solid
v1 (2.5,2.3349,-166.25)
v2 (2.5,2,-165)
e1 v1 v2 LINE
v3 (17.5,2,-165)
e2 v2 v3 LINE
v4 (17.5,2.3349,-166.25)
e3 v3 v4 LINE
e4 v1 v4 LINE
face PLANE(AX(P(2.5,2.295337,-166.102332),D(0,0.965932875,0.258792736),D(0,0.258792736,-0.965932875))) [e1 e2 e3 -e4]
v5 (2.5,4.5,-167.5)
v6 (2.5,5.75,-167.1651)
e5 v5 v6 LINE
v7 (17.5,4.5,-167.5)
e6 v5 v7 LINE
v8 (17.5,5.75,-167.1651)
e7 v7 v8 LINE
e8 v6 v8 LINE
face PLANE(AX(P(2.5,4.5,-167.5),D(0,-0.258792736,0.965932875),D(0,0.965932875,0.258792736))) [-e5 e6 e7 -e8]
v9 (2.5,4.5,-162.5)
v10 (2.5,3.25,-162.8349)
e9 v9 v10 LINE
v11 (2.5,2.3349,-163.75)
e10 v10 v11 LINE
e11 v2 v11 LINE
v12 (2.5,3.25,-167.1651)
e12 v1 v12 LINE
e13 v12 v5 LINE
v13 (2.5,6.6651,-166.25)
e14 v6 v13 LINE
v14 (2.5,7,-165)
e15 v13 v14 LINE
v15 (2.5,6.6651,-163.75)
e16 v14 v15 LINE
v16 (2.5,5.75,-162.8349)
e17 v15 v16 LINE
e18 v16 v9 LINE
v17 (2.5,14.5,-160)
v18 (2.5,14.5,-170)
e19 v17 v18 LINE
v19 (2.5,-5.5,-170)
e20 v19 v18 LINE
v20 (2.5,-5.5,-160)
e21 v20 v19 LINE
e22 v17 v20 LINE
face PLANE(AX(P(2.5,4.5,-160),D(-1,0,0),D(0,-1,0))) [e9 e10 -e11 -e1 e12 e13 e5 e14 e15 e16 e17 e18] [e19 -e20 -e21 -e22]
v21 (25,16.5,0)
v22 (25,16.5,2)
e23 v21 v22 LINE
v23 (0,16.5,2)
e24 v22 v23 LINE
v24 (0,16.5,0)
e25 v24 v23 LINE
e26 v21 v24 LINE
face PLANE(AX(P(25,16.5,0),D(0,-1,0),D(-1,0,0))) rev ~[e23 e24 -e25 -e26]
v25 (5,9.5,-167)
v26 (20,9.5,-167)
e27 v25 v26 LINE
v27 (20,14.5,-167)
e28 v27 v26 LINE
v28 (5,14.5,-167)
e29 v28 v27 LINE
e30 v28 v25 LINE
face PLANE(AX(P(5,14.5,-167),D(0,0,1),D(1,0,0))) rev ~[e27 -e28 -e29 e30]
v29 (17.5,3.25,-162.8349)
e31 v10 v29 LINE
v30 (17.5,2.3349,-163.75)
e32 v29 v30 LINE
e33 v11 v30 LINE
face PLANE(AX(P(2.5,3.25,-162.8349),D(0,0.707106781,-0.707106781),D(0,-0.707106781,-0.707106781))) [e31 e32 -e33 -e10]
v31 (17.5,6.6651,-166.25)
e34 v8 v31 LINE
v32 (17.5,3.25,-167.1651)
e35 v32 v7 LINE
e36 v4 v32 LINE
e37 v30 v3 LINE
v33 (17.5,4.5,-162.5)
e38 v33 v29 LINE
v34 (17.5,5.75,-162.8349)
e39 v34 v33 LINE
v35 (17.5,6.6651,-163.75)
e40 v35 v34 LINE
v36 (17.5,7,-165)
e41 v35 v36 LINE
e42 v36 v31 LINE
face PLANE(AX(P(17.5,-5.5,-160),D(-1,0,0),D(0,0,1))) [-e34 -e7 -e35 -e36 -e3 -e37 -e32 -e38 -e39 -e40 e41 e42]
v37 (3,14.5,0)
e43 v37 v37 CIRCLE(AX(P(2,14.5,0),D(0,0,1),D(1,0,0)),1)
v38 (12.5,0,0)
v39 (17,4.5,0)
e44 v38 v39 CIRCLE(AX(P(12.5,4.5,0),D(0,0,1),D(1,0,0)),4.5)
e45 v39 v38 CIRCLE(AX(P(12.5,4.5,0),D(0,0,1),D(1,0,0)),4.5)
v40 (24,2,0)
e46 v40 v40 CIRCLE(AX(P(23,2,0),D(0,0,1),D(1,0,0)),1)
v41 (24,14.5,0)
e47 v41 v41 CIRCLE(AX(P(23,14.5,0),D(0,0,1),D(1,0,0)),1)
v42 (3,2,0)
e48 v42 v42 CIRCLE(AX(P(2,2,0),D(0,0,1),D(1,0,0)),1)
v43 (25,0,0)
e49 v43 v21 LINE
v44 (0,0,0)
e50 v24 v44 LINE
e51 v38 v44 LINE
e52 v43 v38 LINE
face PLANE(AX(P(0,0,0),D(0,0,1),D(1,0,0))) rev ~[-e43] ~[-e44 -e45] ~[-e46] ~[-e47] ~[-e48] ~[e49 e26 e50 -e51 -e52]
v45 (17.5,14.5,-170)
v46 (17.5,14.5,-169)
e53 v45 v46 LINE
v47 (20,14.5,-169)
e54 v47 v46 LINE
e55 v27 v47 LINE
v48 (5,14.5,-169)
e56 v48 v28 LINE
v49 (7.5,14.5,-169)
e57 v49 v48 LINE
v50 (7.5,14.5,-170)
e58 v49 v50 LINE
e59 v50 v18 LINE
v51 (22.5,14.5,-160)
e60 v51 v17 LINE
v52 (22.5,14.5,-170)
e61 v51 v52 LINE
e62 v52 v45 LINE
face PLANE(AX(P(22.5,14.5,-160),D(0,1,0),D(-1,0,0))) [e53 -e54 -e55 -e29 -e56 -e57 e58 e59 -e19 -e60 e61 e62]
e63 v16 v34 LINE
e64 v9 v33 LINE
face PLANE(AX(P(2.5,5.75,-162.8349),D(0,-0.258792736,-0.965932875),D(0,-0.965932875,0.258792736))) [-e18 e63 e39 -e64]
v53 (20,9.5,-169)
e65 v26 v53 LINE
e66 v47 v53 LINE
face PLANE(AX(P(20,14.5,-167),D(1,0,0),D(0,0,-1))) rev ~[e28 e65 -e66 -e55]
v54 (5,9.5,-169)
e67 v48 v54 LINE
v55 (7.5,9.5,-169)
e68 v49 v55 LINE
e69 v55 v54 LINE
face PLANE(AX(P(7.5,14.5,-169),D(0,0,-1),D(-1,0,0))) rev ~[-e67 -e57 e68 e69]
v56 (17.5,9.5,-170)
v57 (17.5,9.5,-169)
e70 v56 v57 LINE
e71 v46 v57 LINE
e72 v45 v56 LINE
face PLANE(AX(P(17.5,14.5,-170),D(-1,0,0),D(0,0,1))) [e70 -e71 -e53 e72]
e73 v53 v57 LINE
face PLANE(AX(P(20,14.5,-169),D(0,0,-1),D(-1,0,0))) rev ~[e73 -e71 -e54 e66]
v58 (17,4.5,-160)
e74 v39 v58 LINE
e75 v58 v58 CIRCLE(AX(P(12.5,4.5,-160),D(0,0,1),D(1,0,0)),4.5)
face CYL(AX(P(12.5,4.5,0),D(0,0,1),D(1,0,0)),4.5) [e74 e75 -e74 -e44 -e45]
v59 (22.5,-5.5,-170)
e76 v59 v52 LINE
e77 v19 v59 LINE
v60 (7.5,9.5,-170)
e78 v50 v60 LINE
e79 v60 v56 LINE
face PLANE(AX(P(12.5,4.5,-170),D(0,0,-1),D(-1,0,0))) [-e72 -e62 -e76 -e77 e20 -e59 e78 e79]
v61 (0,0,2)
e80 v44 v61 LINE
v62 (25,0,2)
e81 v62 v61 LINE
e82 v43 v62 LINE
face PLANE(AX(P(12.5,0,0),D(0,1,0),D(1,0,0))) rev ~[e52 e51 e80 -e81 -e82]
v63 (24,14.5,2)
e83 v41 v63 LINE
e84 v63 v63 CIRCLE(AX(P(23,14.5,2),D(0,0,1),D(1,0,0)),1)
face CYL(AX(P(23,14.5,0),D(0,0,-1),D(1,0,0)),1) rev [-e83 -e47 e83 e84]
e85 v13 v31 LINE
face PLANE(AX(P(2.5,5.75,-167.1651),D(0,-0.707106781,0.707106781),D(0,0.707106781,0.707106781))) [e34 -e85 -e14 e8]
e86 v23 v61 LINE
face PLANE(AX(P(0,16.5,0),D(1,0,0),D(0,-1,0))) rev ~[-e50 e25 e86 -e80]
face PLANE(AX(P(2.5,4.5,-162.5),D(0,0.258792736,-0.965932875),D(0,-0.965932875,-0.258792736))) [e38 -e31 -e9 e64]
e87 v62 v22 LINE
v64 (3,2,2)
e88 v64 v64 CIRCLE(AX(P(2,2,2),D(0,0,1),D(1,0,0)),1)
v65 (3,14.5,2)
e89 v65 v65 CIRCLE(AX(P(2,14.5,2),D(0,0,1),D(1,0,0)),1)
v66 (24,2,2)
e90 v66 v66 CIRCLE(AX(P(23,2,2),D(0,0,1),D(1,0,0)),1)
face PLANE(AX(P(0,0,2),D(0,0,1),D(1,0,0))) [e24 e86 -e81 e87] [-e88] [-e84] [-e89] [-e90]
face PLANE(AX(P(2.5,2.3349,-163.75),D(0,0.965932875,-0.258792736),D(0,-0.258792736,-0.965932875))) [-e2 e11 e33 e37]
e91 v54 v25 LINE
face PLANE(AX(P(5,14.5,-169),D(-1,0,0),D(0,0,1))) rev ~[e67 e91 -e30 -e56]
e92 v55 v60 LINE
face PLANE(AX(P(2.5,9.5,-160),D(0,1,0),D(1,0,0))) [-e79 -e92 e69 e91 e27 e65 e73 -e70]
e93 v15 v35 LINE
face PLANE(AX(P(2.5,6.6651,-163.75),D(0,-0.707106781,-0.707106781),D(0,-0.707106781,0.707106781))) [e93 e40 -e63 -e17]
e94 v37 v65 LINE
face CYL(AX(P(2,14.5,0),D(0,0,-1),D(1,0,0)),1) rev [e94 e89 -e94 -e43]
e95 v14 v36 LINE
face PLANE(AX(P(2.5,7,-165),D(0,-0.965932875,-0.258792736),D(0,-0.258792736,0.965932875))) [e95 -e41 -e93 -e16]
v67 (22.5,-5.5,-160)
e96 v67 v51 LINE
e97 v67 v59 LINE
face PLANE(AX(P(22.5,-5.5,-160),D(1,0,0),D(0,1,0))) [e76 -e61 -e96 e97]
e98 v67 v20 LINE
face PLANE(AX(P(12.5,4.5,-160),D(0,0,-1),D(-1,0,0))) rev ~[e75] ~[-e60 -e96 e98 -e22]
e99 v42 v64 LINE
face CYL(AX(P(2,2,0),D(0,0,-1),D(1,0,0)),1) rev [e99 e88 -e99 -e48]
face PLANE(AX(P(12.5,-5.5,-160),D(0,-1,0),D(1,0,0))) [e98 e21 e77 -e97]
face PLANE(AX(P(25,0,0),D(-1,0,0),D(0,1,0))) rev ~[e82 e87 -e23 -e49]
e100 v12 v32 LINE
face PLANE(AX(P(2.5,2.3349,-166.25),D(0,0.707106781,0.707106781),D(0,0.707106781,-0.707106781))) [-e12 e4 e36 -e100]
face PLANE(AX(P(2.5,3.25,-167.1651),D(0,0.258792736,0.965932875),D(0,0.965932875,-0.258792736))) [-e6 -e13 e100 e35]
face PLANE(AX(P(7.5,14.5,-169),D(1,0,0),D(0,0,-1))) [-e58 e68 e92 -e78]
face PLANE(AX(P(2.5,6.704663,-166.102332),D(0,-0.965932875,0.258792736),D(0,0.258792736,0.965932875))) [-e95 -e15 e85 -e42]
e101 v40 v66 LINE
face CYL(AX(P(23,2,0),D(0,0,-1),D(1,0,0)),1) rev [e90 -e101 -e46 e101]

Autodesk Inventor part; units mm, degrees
ref_plane "YZ Plane" through (0, 0, 0) normal (1, 0, 0) x (0, 1, 0)
ref_plane "XZ Plane" through (0, 0, 0) normal (0, 1, 0) x (-1, 0, 0)
ref_plane "XY Plane" through (0, 0, 0) normal (0, 0, 1) x (1, 0, 0)
sketch "스케치1" plane through (0, 0, 0) normal (0, 0, 1) x (1, 0, 0)
  line L0 (0, 0) -> (25, 0)
  line L1 (25, 0) -> (25, 16.5)
  line L2 (25, 16.5) -> (0, 16.5)
  line L3 (0, 16.5) -> (0, 0)
  circle A0 centre (23, 14.5) radius 1
  circle A1 centre (2, 14.5) radius 1
  circle A2 centre (2, 2) radius 1
  circle A3 centre (23, 2) radius 1
  circle A4 centre (12.5, 4.5) radius 4.5
  dimension "d0" = 25
  dimension "d1" = 16.5
  dimension "d2" = 2
  dimension "d3" = 2
  dimension "d4" = 2
  dimension "d5" = 2
  dimension "d6" = 2
  dimension "d7" = 2
  dimension "d8" = 2
  dimension "d9" = 2
  dimension "d10" = 2
  dimension "d11" = 2
  dimension "d12" = 2
  dimension "d13" = 2
  dimension "d14" = 12.5
  dimension "d15" = 12.5
  dimension "d18" = 9
  dimension "d19" = 12
  dimension "d20" = 16.5
extrude "돌출1" add sketch "스케치1" along normal blind 2 contours A4 | L3 L2 L1 L0
extrude "돌출2" add sketch "스케치1" against normal blind 160 contours A4
sketch "스케치2" plane through (12.5, 4.5, -160) normal (0, 0, -1) x (-1, 0, 0)
  line L0 (0, 0) -> (10, 0)
  line L1 (10, 0) -> (10, -10)
  line L2 (10, -10) -> (0, -10)
  line L3 (0, -10) -> (0, 0)
  line L4 (10, -10) -> (-10, -10)
  line L5 (-10, -10) -> (-10, 10)
  line L6 (-10, 10) -> (10, 10)
  line L7 (10, 10) -> (10, -10)
  point P0 (12.5, -4.5)
  dimension "d23" = 10
  dimension "d24" = 10
  dimension "d25" = 20
  dimension "d26" = 20
extrude "돌출3" add sketch "스케치2" along normal blind 10
sketch "스케치3" plane through (2.5, -5.5, -160) normal (-1, 0, 0) x (0, 0, 1)
  line L0 (-10, 20) -> (-10, 0) projected
  line L1 (0, 20) -> (0, 0) projected
  line L2 (-10, 20) -> (0, 0)
  line L3 (-10, 0) -> (0, 20)
  circle A0 centre (-5, 10) radius 2.5
  line L4 (-5, 12.5) -> (-3.75, 12.1651)
  line L5 (-3.75, 12.1651) -> (-2.8349, 11.25)
  line L6 (-2.8349, 11.25) -> (-2.5, 10)
  line L7 (-2.5, 10) -> (-2.8349, 8.75)
  line L8 (-2.8349, 8.75) -> (-3.75, 7.8349)
  line L9 (-3.75, 7.8349) -> (-5, 7.5)
  line L10 (-5, 7.5) -> (-6.25, 7.8349)
  line L11 (-6.25, 7.8349) -> (-7.1651, 8.75)
  line L12 (-7.1651, 8.75) -> (-7.5, 10)
  line L13 (-7.5, 10) -> (-7.1651, 11.25)
  line L14 (-7.1651, 11.25) -> (-6.25, 12.1651)
  line L15 (-6.25, 12.1651) -> (-5, 12.5)
  point P0 (160, 5.5)
  dimension "d29" = 5
extrude "돌출4" cut sketch "스케치3" against normal blind 15 contours L15 L4 L3 L2 | L2 L3 L10 L11 L12 L13 L14 L15 | L3 L2 L9 L10 | L3 L4 L5 L6 L7 L8 L9 L2
sketch "스케치4" plane through (2.5, 14.5, -160) normal (0, 1, 0) x (1, 0, 0)
  line L0 (17.5, 9) -> (2.5, 9)
  line L1 (2.5, 9) -> (2.5, 7)
  line L2 (2.5, 7) -> (17.5, 7)
  line L3 (17.5, 7) -> (17.5, 9)
  line L4 (0, 10) -> (20, 10) projected
  line L5 (20, 0) -> (20, 10) projected
  line L6 (15, 9) -> (5, 9)
  line L7 (5, 9) -> (5, 10)
  line L8 (5, 10) -> (15, 10)
  line L9 (15, 10) -> (15, 9)
  point P0 (-2.5, -160)
  point P1 (15, 9.5)
  point P2 (15, 10)
  point P3 (5, 9)
  dimension "d32" = 15
  dimension "d33" = 2
  dimension "d34" = 1
  dimension "d35" = 2.5
  dimension "d36" = 10
  dimension "d37" = 1
  dimension "d38" = 2.5
extrude "돌출5" cut sketch "스케치4" against normal blind 5
properties part number "camera arm v1_3D 인쇄"
